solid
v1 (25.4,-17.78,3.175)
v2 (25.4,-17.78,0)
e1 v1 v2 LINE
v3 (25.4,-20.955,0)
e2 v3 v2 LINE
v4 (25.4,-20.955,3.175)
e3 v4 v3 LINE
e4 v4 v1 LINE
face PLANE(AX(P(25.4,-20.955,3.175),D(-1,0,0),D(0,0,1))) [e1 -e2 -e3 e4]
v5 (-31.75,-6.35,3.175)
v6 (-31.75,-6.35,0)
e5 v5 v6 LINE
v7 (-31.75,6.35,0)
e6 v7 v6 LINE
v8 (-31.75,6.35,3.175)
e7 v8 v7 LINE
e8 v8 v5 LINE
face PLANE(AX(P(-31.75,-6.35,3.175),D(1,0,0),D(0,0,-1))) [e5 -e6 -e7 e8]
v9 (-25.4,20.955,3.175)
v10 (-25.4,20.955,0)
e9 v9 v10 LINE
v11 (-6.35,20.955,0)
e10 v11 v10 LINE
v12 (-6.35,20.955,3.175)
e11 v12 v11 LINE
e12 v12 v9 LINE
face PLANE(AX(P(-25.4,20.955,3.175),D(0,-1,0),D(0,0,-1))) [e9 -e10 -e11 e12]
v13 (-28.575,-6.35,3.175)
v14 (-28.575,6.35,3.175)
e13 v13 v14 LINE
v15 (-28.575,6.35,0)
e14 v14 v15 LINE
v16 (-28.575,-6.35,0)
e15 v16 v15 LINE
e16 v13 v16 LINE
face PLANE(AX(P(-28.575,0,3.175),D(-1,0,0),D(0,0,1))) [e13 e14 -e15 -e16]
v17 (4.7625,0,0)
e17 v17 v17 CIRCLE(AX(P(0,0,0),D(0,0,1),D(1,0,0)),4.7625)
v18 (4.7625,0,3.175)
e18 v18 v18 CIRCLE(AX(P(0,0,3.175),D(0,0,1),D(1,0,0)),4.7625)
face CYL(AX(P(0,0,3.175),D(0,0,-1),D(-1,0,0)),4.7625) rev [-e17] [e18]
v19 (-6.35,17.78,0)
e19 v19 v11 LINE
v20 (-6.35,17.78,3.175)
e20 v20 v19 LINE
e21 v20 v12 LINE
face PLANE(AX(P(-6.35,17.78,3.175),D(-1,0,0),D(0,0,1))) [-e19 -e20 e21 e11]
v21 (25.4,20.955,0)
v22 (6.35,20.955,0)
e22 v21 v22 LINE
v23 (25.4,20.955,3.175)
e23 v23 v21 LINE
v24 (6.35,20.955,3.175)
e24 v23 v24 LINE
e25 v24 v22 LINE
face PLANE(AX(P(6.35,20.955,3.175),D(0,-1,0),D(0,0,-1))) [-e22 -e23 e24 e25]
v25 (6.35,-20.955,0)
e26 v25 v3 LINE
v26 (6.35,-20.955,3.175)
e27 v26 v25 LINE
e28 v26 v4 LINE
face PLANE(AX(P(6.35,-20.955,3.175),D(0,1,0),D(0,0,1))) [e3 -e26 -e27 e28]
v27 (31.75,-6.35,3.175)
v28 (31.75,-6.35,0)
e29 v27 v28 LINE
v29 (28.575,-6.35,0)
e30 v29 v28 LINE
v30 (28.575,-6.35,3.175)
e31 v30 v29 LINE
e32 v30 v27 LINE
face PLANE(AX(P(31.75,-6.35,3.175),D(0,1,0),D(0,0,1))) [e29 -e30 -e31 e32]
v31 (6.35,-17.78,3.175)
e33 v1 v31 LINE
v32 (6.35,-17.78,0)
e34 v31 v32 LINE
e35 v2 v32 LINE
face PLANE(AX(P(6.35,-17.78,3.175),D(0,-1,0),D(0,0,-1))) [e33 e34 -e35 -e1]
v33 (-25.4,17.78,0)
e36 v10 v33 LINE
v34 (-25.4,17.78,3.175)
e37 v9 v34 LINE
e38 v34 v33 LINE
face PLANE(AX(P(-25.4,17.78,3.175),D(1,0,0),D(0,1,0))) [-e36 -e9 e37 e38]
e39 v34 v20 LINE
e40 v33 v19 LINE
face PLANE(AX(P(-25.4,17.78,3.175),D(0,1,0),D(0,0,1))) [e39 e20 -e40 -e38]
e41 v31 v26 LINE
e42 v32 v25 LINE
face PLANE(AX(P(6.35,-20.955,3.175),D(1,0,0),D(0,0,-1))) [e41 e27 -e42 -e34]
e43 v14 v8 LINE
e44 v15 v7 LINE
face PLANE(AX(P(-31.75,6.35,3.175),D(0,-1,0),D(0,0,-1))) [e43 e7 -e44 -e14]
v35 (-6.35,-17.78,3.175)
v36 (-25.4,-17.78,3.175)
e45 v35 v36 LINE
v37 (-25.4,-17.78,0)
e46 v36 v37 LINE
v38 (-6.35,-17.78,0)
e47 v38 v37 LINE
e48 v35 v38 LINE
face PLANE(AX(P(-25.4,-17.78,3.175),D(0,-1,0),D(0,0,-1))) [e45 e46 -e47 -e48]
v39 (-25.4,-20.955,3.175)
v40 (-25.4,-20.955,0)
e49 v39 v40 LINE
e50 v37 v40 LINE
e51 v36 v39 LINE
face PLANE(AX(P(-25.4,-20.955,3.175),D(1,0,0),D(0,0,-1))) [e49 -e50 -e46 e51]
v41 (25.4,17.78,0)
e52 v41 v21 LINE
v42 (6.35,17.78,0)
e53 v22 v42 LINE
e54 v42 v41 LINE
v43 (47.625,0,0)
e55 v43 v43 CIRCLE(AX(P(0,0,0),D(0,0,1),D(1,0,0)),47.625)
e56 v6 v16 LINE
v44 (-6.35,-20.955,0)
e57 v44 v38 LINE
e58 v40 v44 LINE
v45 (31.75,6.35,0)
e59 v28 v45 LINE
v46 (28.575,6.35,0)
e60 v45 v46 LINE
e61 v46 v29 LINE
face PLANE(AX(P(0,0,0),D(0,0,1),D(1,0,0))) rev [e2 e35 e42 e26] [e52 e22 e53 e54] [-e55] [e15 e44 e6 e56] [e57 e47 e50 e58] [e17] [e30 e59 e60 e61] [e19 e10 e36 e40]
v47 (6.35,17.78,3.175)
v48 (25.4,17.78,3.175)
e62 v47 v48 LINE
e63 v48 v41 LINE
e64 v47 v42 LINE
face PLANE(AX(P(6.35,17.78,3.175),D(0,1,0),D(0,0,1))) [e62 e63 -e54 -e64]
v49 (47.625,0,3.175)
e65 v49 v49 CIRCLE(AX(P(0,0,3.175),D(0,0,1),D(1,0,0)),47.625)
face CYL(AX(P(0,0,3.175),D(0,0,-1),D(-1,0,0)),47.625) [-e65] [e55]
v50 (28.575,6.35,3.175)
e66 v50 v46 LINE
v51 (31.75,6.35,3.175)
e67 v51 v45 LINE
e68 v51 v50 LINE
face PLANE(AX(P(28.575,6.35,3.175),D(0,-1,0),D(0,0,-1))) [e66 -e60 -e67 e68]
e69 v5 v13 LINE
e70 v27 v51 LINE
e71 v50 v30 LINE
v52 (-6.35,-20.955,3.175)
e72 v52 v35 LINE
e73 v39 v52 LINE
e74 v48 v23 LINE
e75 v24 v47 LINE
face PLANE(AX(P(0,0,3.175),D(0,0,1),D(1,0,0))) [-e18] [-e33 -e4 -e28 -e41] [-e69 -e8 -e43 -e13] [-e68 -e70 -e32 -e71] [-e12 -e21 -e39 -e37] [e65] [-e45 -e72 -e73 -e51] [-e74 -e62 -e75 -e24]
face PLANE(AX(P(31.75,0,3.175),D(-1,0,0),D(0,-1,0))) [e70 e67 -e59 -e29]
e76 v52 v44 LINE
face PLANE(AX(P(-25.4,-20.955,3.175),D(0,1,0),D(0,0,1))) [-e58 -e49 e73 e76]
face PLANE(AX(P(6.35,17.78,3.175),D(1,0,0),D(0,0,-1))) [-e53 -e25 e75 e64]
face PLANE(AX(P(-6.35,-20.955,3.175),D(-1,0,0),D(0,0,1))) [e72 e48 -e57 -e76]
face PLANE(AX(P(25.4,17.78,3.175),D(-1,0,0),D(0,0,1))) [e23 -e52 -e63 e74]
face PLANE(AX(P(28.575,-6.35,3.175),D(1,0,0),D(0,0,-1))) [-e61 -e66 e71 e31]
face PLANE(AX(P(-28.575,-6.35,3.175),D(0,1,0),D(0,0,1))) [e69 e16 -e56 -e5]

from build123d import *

# Parameters (mm, degrees)
SKETCH1_R           = 47.625
SKETCH1_R_2         = 4.7625
BOSS_EXTRUDE1_DEPTH = 3.175
SKETCH3_W           = 19.05
SKETCH3_H           = 3.175
CUT_EXTRUDE2_DEPTH  = 3.175


with BuildPart() as part:
    # Sketch1 → Boss-Extrude1 (new body)
    with BuildSketch(Plane.XY):
        Circle(SKETCH1_R)
        Circle(SKETCH1_R_2, mode=Mode.SUBTRACT)
    extrude(amount=BOSS_EXTRUDE1_DEPTH)

    # Sketch3 → Cut-Extrude2 (cut)
    with BuildSketch(Plane.XY):
        Polygon((-28.575, 0), (-28.575, -6.35), (-31.75, -6.35), (-31.75, 6.35), (-28.575, 6.35), align=None)
        Polygon((31.75, 0), (31.75, 6.35), (28.575, 6.35), (28.575, -6.35), (31.75, -6.35), align=None)
        with Locations((15.875, 19.3675)):
            Rectangle(SKETCH3_W, SKETCH3_H)
        with Locations((-15.875, 19.3675)):
            Rectangle(SKETCH3_W, SKETCH3_H)
        with Locations((-15.875, -19.3675)):
            Rectangle(SKETCH3_W, SKETCH3_H)
        with Locations((15.875, -19.3675)):
            Rectangle(SKETCH3_W, SKETCH3_H)
    extrude(amount=CUT_EXTRUDE2_DEPTH, mode=Mode.SUBTRACT)


solid = part.part
